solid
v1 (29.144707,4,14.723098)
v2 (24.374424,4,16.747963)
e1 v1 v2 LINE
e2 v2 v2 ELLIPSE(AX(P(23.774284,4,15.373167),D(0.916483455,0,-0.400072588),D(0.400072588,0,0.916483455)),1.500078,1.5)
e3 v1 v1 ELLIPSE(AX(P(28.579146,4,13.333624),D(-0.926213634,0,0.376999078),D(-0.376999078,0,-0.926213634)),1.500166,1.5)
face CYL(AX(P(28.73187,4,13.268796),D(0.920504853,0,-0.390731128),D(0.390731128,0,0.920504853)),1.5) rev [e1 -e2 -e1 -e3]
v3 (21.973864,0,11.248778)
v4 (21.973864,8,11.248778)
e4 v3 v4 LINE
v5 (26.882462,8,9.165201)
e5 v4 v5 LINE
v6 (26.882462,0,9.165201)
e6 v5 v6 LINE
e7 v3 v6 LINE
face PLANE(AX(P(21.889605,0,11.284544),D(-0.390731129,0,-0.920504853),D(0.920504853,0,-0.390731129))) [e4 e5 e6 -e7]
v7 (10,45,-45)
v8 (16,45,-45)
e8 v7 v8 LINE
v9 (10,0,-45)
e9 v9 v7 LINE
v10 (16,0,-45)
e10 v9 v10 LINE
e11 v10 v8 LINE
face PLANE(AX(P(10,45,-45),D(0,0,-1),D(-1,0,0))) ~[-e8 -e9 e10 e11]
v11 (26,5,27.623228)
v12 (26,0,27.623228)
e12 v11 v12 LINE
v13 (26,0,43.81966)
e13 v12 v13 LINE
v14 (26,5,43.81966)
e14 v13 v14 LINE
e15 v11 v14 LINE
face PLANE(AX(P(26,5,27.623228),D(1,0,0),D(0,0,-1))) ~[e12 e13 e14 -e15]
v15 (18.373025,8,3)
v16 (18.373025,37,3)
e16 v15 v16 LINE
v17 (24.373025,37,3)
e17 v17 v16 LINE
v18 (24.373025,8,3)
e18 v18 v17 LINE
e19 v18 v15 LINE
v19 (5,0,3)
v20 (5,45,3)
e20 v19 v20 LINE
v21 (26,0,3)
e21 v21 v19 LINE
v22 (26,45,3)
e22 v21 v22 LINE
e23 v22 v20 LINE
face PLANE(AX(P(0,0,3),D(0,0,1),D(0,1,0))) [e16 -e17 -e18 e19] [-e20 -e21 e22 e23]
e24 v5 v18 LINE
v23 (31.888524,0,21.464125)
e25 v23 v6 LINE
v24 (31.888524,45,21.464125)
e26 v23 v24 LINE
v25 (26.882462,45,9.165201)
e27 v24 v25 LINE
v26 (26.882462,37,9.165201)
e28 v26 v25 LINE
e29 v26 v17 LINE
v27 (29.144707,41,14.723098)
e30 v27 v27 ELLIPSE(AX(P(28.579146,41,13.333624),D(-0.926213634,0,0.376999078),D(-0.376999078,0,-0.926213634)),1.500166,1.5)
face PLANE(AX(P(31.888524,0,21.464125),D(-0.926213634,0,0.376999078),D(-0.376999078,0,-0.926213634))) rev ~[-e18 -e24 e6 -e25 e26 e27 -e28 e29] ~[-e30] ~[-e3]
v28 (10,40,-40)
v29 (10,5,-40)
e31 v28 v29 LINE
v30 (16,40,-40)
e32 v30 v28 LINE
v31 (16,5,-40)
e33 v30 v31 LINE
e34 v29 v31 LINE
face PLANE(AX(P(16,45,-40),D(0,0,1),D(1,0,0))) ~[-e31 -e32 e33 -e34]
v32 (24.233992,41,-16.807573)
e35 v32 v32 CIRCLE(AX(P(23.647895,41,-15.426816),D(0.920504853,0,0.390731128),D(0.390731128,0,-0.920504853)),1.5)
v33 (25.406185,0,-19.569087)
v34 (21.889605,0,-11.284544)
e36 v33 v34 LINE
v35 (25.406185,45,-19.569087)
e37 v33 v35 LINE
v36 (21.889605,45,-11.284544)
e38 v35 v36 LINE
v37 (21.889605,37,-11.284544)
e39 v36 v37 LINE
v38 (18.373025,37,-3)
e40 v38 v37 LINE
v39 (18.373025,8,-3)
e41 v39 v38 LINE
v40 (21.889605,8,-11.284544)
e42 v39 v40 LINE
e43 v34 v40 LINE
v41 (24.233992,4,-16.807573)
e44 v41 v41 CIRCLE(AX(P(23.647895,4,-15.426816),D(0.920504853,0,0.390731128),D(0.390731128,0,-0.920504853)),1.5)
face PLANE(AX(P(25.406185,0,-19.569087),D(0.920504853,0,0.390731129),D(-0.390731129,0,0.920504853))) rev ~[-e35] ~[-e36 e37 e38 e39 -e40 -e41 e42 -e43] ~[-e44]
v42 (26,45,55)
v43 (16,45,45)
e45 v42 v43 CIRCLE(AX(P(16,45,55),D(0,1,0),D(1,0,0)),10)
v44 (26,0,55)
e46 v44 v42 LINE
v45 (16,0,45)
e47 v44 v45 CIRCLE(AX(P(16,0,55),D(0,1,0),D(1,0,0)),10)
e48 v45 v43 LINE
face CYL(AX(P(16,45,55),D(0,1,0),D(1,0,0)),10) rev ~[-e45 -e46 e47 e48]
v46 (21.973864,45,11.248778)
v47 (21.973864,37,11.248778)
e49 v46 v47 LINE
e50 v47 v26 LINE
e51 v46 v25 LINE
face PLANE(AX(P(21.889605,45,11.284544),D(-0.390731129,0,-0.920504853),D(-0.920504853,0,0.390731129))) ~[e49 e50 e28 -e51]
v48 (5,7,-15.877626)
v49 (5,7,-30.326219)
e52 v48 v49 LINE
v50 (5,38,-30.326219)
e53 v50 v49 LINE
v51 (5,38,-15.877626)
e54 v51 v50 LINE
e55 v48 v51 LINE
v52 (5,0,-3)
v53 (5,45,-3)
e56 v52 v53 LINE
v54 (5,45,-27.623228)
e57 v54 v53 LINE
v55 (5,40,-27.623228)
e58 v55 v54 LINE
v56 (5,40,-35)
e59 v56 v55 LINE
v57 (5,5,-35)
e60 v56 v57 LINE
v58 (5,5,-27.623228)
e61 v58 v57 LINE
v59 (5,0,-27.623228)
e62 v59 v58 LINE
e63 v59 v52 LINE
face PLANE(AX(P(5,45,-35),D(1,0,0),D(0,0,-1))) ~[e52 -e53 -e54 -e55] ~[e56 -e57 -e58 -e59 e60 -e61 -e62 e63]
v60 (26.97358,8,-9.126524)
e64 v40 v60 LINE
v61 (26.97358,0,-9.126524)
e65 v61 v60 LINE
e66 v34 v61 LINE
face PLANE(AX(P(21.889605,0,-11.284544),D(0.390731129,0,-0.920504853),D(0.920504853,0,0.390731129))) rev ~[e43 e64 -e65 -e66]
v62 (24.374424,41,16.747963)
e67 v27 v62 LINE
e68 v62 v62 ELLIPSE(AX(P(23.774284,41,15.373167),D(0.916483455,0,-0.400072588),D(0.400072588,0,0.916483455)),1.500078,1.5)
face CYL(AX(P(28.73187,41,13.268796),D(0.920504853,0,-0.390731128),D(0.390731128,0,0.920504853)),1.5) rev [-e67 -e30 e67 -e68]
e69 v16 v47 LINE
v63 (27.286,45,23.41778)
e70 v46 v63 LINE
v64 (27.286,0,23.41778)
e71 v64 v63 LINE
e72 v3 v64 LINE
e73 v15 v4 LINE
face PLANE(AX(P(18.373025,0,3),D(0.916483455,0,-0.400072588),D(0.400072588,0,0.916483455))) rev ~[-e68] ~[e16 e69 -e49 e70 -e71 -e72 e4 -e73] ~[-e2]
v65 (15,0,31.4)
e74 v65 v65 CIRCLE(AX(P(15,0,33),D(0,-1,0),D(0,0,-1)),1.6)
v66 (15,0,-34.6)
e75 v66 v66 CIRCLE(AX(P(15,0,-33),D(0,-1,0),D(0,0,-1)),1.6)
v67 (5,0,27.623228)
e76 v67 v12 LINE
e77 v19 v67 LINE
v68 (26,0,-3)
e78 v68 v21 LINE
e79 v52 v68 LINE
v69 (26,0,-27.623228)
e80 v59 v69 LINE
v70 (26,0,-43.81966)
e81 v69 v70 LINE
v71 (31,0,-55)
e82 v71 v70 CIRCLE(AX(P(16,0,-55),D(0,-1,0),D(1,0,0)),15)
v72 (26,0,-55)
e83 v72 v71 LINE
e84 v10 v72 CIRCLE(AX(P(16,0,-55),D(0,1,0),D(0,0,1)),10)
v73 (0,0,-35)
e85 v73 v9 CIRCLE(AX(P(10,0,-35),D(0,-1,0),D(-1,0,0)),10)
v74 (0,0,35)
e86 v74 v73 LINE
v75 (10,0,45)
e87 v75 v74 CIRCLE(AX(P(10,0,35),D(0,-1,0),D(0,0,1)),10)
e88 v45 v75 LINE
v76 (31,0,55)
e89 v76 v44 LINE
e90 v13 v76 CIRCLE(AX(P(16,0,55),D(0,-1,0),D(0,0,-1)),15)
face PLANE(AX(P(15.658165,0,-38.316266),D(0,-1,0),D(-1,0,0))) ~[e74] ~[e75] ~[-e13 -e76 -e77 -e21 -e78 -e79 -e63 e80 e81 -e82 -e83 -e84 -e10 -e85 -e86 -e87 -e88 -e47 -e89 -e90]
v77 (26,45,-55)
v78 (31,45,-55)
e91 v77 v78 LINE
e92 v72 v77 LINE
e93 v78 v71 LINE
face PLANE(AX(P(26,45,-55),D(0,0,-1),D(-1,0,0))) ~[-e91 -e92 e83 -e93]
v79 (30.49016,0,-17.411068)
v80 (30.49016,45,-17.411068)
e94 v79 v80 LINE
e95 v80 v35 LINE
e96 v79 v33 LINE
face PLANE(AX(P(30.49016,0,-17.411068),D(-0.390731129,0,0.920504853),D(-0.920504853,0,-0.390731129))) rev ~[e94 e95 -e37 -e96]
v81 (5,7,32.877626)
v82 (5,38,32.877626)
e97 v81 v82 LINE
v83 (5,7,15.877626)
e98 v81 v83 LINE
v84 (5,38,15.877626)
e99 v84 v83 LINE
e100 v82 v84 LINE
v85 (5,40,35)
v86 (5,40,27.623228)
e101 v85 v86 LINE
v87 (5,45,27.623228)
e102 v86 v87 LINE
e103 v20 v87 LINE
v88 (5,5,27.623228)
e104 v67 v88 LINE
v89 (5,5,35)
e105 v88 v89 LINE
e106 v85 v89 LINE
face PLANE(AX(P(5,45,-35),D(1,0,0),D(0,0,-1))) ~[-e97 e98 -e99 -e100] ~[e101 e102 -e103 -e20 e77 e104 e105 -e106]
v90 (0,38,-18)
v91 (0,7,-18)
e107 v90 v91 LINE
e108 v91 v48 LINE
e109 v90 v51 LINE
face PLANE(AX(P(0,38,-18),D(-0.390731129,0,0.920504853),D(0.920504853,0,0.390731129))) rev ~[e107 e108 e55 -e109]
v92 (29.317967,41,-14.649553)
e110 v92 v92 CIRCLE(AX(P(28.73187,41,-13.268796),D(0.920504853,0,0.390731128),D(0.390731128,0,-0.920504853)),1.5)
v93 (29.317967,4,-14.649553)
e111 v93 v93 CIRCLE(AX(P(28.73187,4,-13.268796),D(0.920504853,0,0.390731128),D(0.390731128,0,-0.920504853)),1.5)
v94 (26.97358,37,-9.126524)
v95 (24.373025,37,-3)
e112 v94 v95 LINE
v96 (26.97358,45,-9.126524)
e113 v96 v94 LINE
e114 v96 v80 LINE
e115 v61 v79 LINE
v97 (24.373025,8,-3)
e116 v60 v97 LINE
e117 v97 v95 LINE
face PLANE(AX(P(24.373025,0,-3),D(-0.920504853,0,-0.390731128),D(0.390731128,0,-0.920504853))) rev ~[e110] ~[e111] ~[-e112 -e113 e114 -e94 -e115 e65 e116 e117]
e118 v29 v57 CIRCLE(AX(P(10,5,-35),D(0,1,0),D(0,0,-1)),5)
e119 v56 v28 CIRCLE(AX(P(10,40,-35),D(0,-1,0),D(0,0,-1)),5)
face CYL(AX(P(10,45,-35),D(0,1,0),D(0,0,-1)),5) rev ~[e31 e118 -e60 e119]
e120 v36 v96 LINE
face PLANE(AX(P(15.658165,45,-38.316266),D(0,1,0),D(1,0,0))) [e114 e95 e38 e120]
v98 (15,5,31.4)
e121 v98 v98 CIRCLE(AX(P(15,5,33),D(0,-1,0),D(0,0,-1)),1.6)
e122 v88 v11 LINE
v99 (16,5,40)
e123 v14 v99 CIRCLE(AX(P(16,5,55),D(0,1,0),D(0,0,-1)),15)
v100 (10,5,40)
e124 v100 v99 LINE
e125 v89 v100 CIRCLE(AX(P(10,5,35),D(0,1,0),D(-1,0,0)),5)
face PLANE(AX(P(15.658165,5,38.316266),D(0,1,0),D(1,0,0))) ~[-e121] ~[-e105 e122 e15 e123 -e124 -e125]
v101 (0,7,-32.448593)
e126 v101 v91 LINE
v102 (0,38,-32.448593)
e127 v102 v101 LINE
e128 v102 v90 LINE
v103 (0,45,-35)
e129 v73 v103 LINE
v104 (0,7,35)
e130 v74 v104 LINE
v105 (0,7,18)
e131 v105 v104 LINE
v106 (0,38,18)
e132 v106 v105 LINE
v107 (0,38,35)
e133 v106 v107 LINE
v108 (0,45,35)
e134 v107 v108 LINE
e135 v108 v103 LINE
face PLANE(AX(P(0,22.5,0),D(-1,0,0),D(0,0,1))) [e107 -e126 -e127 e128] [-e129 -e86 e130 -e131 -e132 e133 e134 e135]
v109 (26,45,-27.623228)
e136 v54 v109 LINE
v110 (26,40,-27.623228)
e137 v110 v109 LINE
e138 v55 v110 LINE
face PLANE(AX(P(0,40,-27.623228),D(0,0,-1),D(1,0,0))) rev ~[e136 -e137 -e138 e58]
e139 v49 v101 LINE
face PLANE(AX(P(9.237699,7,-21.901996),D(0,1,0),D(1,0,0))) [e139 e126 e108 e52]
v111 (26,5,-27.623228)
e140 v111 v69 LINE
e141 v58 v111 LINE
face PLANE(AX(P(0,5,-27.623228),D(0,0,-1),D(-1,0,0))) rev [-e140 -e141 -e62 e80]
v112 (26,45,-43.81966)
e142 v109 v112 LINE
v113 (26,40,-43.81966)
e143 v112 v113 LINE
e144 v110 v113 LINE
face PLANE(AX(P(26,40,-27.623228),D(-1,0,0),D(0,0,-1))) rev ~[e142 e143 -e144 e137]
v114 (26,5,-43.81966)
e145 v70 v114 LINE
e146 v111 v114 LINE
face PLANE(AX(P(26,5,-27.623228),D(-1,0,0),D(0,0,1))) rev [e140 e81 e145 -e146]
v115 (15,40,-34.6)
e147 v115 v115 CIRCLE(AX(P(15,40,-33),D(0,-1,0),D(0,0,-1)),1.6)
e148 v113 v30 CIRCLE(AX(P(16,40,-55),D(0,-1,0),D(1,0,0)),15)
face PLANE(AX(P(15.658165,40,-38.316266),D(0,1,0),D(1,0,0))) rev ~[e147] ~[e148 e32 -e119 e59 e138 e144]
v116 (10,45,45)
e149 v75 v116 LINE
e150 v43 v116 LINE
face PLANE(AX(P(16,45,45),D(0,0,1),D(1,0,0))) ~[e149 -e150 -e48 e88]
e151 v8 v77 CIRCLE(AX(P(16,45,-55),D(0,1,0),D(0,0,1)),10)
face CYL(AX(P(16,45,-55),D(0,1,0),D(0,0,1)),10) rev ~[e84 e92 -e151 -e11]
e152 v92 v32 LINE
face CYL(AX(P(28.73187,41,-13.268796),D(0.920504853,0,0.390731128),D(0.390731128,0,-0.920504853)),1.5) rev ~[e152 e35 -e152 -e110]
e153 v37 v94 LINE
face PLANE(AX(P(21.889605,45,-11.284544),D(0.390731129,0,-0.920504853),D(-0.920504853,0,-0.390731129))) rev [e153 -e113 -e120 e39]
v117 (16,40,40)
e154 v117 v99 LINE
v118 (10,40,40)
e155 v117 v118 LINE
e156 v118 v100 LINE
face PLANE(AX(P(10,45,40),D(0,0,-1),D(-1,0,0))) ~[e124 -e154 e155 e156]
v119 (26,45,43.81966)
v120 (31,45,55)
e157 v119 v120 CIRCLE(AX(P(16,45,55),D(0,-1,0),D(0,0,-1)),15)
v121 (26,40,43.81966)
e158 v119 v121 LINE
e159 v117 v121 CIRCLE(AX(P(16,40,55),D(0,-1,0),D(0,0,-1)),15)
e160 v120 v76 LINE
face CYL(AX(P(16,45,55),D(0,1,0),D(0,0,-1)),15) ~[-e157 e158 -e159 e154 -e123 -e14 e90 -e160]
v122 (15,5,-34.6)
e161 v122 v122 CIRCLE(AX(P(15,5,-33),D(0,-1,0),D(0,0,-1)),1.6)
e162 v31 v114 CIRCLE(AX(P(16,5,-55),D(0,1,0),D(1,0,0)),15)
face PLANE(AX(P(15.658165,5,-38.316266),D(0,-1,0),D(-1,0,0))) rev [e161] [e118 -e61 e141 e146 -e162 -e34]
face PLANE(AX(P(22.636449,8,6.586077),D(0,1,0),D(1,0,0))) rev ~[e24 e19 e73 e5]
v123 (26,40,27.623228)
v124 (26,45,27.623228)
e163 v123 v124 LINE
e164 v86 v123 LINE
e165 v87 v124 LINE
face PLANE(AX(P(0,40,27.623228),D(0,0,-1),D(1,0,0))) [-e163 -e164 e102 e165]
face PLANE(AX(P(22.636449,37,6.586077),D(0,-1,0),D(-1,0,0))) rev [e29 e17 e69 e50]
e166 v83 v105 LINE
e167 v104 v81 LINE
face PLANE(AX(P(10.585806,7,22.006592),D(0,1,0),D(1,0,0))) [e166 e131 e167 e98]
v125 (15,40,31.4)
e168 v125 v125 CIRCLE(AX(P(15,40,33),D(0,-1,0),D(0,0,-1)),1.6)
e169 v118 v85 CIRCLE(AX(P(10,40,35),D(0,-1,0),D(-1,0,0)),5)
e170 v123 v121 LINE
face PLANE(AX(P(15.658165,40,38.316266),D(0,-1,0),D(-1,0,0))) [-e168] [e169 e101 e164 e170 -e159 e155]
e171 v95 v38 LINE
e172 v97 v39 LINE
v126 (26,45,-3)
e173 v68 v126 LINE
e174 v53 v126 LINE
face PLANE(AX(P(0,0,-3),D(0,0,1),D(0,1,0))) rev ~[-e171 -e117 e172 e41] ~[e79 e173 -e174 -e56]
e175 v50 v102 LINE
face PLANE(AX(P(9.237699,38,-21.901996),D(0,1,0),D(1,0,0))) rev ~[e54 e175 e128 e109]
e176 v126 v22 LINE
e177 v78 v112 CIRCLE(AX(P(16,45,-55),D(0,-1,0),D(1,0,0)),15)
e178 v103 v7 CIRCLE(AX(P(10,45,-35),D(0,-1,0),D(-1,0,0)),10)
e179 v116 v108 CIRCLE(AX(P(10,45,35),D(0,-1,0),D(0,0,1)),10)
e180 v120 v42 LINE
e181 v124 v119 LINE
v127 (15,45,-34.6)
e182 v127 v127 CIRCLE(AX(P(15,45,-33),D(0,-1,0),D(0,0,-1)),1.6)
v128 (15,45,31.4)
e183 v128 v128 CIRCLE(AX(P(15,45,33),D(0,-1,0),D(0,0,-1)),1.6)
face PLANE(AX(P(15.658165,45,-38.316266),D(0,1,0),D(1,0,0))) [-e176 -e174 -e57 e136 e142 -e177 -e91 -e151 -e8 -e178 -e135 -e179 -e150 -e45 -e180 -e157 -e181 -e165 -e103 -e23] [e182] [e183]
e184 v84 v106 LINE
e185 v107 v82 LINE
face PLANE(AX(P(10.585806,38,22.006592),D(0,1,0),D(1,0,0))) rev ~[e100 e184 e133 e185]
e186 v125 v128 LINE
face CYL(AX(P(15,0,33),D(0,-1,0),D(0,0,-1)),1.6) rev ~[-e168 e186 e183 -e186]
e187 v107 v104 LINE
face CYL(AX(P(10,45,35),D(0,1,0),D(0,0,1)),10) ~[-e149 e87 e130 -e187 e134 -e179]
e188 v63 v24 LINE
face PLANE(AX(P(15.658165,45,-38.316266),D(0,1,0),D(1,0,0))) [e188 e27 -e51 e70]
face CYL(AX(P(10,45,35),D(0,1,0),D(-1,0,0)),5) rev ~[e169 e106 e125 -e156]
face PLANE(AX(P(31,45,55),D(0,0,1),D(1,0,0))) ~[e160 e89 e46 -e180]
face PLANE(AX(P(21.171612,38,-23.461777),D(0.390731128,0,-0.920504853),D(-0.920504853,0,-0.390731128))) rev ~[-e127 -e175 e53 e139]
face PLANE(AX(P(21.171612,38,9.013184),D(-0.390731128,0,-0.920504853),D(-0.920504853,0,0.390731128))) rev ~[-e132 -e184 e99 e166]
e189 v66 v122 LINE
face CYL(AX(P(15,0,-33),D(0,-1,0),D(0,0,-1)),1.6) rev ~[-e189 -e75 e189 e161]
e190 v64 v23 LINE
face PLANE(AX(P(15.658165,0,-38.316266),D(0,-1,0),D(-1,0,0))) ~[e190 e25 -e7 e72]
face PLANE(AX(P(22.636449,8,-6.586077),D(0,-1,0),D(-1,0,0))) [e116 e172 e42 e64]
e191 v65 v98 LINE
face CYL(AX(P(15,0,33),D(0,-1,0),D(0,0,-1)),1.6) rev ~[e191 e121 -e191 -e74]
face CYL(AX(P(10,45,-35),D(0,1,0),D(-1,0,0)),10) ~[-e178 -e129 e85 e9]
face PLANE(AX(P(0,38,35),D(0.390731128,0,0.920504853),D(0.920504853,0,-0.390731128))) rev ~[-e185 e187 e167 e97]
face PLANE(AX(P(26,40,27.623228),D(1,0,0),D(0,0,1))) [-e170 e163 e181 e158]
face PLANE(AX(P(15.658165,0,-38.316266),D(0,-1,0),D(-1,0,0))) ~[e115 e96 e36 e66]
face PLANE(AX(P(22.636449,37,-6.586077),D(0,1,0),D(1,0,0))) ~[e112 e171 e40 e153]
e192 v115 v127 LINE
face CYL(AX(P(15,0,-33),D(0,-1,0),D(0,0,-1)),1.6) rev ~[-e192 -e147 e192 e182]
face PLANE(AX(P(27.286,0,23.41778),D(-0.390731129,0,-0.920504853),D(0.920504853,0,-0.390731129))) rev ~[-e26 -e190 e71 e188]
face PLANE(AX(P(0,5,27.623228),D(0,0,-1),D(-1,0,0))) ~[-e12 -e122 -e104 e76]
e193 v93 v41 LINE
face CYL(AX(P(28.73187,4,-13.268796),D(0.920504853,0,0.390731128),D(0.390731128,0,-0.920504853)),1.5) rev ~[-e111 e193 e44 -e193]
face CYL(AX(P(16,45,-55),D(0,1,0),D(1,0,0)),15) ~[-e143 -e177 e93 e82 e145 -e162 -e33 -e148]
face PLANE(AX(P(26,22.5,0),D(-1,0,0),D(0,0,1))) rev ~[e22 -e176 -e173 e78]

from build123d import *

# Parameters (mm, degrees)
EXTRUDE_1_DEPTH     = 45
EXTRUDE_START       = -5
EXTRUDE_2_DEPTH     = 5
SKETCH_4_W          = 56.099400369
SKETCH_4_H          = 117.099049564
CUT_EXTRUDE_1_DEPTH = 68.024249343
SKETCH_8_R          = 1.6
CUT_EXTRUDE_3_DEPTH = 78.530639105
SKETCH_10_W         = 6
SKETCH_10_H         = 45
EXTRUDE_5_DEPTH     = 26
CUT_EXTRUDE_4_DEPTH = 31
EXTRUDE_6_DEPTH     = 45
CUT_EXTRUDE_6_DEPTH = 8
CUT_EXTRUDE_7_REACH = 82.1
SKETCH_19_R         = 1.5


with BuildPart() as part:
    # 草图1 → 凸台-拉伸1 (new body)
    with BuildSketch(Plane(origin=(0, 0, 0), x_dir=(1, 0, 0), z_dir=(0, 1, 0))):
        with BuildLine():
            Line((26, 55), (31, 55))
            ThreePointArc((31, 55), (26.606601718, 44.393398282), (16, 40))
            Line((16, 40), (10, 40))
            ThreePointArc((10, 40), (6.464466094, 38.535533906), (5, 35))
            Line((5, 35), (5, -35))
            ThreePointArc((5, -35), (6.464466094, -38.535533906), (10, -40))
            Line((10, -40), (16, -40))
            ThreePointArc((16, -40), (26.606601718, -44.393398282), (31, -55))
            Line((31, -55), (26, -55))
            ThreePointArc((26, -55), (23.071067812, -47.928932188), (16, -45))
            Line((16, -45), (10, -45))
            ThreePointArc((10, -45), (2.928932188, -42.071067812), (0, -35))
            Line((0, -35), (0, 35))
            ThreePointArc((0, 35), (2.928932188, 42.071067812), (10, 45))
            Line((10, 45), (16, 45))
            ThreePointArc((16, 45), (23.071067812, 47.928932188), (26, 55))
        make_face()
    extrude_1 = extrude(amount=EXTRUDE_1_DEPTH)

    # 草图3 → 凸台-拉伸2 (add)
    with BuildSketch(Plane(origin=(0, 45, 0), x_dir=(1, 0, 0), z_dir=(0, 1, 0)).offset(EXTRUDE_START)):
        with BuildLine():
            Line((5, 27.623228275), (26, 27.623228275))
            Line((26, 27.623228275), (26, 55))
            ThreePointArc((26, 55), (23.071067812, 47.928932188), (16, 45))
            Line((16, 45), (10, 45))
            ThreePointArc((10, 45), (2.928932188, 42.071067812), (0, 35))
            Line((0, 35), (0, 27.623228275))
            Line((0, 27.623228275), (5, 27.623228275))
        make_face()
        with BuildLine():
            Line((0, -27.623228275), (5, -27.623228275))
            Line((5, -27.623228275), (26, -27.623228275))
            Line((26, -27.623228275), (26, -55))
            ThreePointArc((26, -55), (23.071067812, -47.928932188), (16, -45))
            Line((16, -45), (10, -45))
            ThreePointArc((10, -45), (2.928932188, -42.071067812), (0, -35))
            Line((0, -35), (0, -27.623228275))
        make_face()
    extrude_2 = extrude(amount=EXTRUDE_2_DEPTH)

    # 草图4 → 切除-拉伸1 (cut, through all)
    with BuildSketch(Plane(origin=(0, 22.5, 0), x_dir=(-1, 0, 0), z_dir=(0, -1, 0))):
        with Locations((-12.373979196, 0.253461146)):
            Rectangle(SKETCH_4_W, SKETCH_4_H)
    extrude(amount=CUT_EXTRUDE_1_DEPTH, mode=Mode.SUBTRACT)

    # 镜向5: 凸台-拉伸1, 凸台-拉伸2 across plane
    add(extrude_1.mirror(Plane.ZX.offset(22.5)))
    add(extrude_2.mirror(Plane.ZX.offset(22.5)))

    # 草图8 → 切除-拉伸3 (cut, through all)
    with BuildSketch(Plane(origin=(0, 0, 0), x_dir=(-1, 0, 0), z_dir=(0, -1, 0))):
        with Locations(Location((-15, 33, 0), (0, 0, 90))):
            Circle(SKETCH_8_R)
        with Locations(Location((-15, -33, 0), (0, 0, 90))):
            Circle(SKETCH_8_R)
    extrude(amount=-CUT_EXTRUDE_3_DEPTH, mode=Mode.SUBTRACT)

    # 草图10 → 凸台-拉伸5 (add)
    with BuildSketch(Plane.ZY):
        with Locations((0, 22.5)):
            Rectangle(SKETCH_10_W, SKETCH_10_H)
    extrude(amount=-EXTRUDE_5_DEPTH)

    # Sketch 2198 → 切除-拉伸4 (cut)
    with BuildSketch(Plane(origin=(0, 38, 0), x_dir=(1, 0, 0), z_dir=(0, 1, 0))):
        Polygon((0, -18), (0, -35), (21.171611629, -26.013184045), (21.171611629, -9.013184045), align=None)
        Polygon((0, 32.448593019), (0, 18), (15.97488762, 11.219062513), (21.171611629, 23.461777064), align=None)
    extrude(amount=-CUT_EXTRUDE_4_DEPTH, mode=Mode.SUBTRACT)

    # 草图15 → 凸台-拉伸6 (add)
    with BuildSketch(Plane(origin=(0, 0, 0), x_dir=(-1, 0, 0), z_dir=(0, -1, 0))):
        Polygon((-18.373024886, 3), (-24.373024886, 3), (-30.49016031, 17.411067961), (-25.406185199, 19.569087362), align=None)
        Polygon((-31.8885242, -21.464124551), (-24.373024886, -3), (-18.373024886, -3), (-27.285999932, -23.417780194), align=None)
    extrude(amount=-EXTRUDE_6_DEPTH)

    # 草图16 → 切除-拉伸6 (cut)
    with BuildSketch(Plane(origin=(0, 0, 0), x_dir=(-1, 0, 0), z_dir=(0, -1, 0))):
        Polygon((-24.373024886, -3), (-18.373024886, -3), (-21.889605043, -11.284543681), (-26.973580154, -9.12652428), align=None)
        Polygon((-18.373024886, 3), (-21.889605043, 11.284543681), (-26.973580154, 9.12652428), (-24.373024886, 3), align=None)
    cut_extrude_6 = extrude(amount=-CUT_EXTRUDE_6_DEPTH, mode=Mode.SUBTRACT)

    # 镜向6: 切除-拉伸6 across plane
    add(cut_extrude_6.mirror(Plane(origin=(0, 22.5, 0), x_dir=(0, 0, 1), z_dir=(0, -1, 0))), mode=Mode.SUBTRACT)

    # 草图19 → 切除-拉伸7 (cut, up to next)
    with BuildSketch(Plane(origin=(19.572965618, 0, 8.308230983), x_dir=(0.39073112848926966, 0, -0.9205048534524422), z_dir=(0.9205048534524422, 0, 0.39073112848926966)), mode=Mode.PRIVATE) as cut_extrude_7_sk1:
        with Locations((23.440427308, 41)):
            Circle(SKETCH_19_R)
    cut_extrude_7_tool1 = extrude(cut_extrude_7_sk1.sketch, amount=-CUT_EXTRUDE_7_REACH, mode=Mode.PRIVATE) & part.part
    # 草图19 → 切除-拉伸7 (cut, up to next)
    with BuildSketch(Plane(origin=(19.572965618, 0, 8.308230983), x_dir=(0.39073112848926966, 0, -0.9205048534524422), z_dir=(0.9205048534524422, 0, 0.39073112848926966)), mode=Mode.PRIVATE) as cut_extrude_7_sk2:
        with Locations((23.440427308, 4)):
            Circle(SKETCH_19_R)
    cut_extrude_7_tool2 = extrude(cut_extrude_7_sk2.sketch, amount=-CUT_EXTRUDE_7_REACH, mode=Mode.PRIVATE) & part.part
    cut_extrude_7_1 = cut_extrude_7_tool1.solids().sort_by_distance((28.73187, 41, -13.268796))[0]
    add(cut_extrude_7_1, mode=Mode.SUBTRACT)
    cut_extrude_7_2 = cut_extrude_7_tool2.solids().sort_by_distance((28.73187, 4, -13.268796))[0]
    add(cut_extrude_7_2, mode=Mode.SUBTRACT)
    cut_extrude_7 = cut_extrude_7_1 + cut_extrude_7_2  # 切除-拉伸7 as one shape, for the pattern or mirror that repeats it

    # 镜向7: 切除-拉伸7 across plane
    add(cut_extrude_7.mirror(Plane.XY), mode=Mode.SUBTRACT)


solid = part.part
